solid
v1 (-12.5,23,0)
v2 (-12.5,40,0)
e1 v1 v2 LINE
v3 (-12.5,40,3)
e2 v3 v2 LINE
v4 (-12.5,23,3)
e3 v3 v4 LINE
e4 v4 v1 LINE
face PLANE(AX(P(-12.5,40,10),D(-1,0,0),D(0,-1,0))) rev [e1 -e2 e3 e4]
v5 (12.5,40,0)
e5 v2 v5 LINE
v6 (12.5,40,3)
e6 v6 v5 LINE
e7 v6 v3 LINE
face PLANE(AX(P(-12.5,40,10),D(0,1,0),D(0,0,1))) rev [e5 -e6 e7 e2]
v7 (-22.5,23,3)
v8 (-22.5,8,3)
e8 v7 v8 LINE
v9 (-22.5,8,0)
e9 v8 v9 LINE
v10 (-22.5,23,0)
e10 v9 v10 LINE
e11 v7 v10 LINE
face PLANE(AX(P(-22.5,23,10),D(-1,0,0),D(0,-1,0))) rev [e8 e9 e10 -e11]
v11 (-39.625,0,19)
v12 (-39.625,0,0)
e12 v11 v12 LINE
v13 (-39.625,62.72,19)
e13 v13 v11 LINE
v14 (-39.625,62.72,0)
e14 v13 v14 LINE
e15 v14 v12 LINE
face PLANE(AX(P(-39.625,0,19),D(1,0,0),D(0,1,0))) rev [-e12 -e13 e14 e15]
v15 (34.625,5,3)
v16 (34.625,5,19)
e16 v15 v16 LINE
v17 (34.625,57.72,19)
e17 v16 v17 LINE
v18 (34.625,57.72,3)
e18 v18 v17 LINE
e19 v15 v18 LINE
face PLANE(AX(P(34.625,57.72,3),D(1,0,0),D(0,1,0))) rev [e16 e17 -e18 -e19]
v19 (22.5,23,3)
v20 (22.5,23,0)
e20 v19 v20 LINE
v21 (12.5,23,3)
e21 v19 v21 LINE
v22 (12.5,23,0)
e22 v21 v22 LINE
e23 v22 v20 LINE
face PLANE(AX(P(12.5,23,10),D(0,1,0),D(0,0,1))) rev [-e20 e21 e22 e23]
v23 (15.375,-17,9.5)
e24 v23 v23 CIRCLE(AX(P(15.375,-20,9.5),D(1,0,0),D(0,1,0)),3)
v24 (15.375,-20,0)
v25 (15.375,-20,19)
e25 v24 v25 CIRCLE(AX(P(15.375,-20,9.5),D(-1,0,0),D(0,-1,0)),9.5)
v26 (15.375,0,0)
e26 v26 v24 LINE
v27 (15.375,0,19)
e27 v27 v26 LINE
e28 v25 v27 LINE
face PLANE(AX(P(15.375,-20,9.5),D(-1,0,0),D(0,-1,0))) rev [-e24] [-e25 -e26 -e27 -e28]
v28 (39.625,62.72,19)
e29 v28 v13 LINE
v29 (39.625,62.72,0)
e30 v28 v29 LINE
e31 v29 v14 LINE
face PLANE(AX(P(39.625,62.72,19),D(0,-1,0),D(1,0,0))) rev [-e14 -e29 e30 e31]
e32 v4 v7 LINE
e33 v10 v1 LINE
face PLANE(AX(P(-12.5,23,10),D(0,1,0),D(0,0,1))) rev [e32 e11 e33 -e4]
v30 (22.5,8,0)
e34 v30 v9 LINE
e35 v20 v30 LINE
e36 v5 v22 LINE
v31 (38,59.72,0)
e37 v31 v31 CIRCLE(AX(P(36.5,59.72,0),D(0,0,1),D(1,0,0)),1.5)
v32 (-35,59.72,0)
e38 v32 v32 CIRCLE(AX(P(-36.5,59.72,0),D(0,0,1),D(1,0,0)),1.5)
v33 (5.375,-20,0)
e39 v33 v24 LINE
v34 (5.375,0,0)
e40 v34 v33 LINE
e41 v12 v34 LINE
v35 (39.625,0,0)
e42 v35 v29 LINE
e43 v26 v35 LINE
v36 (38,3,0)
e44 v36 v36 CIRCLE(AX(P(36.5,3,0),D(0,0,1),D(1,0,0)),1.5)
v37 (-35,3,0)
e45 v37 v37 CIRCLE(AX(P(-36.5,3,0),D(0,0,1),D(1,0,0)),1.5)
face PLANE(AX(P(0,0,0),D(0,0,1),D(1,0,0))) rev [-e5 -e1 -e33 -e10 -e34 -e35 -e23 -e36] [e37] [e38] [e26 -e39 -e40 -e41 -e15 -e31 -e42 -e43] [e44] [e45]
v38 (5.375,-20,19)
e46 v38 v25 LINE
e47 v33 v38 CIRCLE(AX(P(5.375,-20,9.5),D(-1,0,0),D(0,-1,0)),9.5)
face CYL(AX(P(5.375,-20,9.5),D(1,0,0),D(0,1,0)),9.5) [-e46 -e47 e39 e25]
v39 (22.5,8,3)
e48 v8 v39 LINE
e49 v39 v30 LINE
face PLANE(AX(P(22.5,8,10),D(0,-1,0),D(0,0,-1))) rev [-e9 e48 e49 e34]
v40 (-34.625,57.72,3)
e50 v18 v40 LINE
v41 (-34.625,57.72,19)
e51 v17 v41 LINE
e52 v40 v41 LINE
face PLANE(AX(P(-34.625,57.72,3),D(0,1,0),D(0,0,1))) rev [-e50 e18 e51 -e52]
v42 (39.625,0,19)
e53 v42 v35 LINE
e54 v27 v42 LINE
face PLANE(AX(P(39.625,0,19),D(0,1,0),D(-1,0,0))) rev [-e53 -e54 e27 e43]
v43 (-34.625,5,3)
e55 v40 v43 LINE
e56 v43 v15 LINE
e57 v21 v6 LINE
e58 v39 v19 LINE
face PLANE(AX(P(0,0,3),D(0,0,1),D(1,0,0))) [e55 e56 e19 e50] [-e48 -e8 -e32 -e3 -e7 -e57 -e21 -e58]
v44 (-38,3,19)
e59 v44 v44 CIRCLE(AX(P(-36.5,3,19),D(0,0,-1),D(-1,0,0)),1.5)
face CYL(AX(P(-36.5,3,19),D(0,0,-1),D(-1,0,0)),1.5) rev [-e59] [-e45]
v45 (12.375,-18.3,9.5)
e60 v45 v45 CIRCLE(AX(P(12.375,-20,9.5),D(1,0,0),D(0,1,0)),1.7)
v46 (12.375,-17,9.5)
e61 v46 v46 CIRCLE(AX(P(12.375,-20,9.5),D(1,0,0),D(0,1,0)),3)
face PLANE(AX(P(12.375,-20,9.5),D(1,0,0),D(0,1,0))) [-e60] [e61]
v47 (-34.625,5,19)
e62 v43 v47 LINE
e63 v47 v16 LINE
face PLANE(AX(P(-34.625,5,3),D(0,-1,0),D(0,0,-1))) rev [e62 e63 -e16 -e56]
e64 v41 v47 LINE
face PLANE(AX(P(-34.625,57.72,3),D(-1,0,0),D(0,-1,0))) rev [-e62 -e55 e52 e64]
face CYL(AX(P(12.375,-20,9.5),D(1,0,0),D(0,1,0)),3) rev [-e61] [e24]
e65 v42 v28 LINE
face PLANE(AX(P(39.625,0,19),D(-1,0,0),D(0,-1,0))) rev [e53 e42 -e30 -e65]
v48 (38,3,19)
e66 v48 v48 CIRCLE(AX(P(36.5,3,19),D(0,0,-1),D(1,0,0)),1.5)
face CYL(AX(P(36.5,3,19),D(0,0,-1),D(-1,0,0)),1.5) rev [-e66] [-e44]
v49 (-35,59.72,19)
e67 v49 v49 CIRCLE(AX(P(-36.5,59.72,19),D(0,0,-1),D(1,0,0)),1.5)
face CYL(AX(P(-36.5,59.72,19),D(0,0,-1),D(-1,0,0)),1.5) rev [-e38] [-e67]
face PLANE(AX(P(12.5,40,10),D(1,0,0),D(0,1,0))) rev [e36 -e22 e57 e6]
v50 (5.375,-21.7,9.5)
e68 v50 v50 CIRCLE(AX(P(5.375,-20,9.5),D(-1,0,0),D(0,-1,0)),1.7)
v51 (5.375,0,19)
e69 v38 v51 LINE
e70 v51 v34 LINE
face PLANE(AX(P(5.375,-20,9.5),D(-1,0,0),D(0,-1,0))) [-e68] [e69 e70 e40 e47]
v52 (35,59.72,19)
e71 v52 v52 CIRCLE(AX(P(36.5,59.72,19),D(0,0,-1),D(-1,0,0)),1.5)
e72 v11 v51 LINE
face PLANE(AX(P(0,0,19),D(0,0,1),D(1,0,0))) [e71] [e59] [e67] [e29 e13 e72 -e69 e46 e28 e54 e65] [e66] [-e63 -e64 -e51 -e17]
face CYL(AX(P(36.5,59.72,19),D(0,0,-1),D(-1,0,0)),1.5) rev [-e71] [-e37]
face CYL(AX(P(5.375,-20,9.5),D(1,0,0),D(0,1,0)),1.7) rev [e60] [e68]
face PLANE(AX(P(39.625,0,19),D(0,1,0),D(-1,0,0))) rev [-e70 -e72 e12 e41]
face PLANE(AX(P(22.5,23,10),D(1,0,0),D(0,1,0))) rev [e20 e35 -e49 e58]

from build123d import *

# Parameters (mm, degrees)
SKETCH_1_W               = 79.25
SKETCH_1_H               = 62.72
EXTRUDE_1_DEPTH          = 19
SKETCH_2_W               = 69.25
SKETCH_2_H               = 52.72
CUT_EXTRUDE_1_DEPTH      = 16
CUT_EXTRUDE_2_DEPTH      = 10
CUT_EXTRUDE_3_DEPTH      = 77.582889897
CUT_EXTRUDE_3_DEPTH_BACK = 77.582889897
SKETCH_4_R               = 1.5
EXTRUDE_START            = -55
SKETCH_5_R               = 1.7
EXTRUDE_2_DEPTH          = 10
SKETCH_6_R               = 3
CUT_EXTRUDE_4_DEPTH      = 3


with BuildPart() as part:
    # 草图1 → 凸台-拉伸1 (new body)
    with BuildSketch(Plane.XY):
        with Locations((0, 31.36)):
            Rectangle(SKETCH_1_W, SKETCH_1_H)
    extrude(amount=EXTRUDE_1_DEPTH)

    # 草图2 → 切除-拉伸1 (cut)
    with BuildSketch(Plane.XY.offset(19)):
        with Locations((0, 31.36)):
            Rectangle(SKETCH_2_W, SKETCH_2_H)
    extrude(amount=-CUT_EXTRUDE_1_DEPTH, mode=Mode.SUBTRACT)

    # 草图3 → 切除-拉伸2 (cut)
    with BuildSketch(Plane(origin=(0, 0, 0), x_dir=(-1, 0, 0), z_dir=(0, 0, -1))):
        Polygon((12.5, 40), (-12.5, 40), (-12.5, 23), (-22.5, 23), (-22.5, 8), (22.5, 8), (22.5, 23), (12.5, 23), align=None)
    extrude(amount=-CUT_EXTRUDE_2_DEPTH, mode=Mode.SUBTRACT)

    # 草图4 → 切除-拉伸3 (cut, two sides: drawn at the far end of the back side and taken through both)
    with BuildSketch(Plane(origin=(0, 0, 0), x_dir=(-1, 0, 0), z_dir=(0, 0, -1)).offset(-CUT_EXTRUDE_3_DEPTH_BACK)):
        with Locations((-36.5, 59.72)):
            Circle(SKETCH_4_R)
        with Locations(Location((36.5, 59.72, 0), (0, 0, 180))):
            Circle(SKETCH_4_R)
        with Locations(Location((-36.5, 3, 0), (0, 0, 180))):
            Circle(SKETCH_4_R)
        with Locations((36.5, 3)):
            Circle(SKETCH_4_R)
    extrude(amount=CUT_EXTRUDE_3_DEPTH + CUT_EXTRUDE_3_DEPTH_BACK, mode=Mode.SUBTRACT)

    # 草图5 → 凸台-拉伸2 (add)
    with BuildSketch(Plane.ZY.offset(39.625).offset(EXTRUDE_START)):
        with BuildLine():
            Line((0, 0), (0, -20))
            ThreePointArc((0, -20), (9.5, -29.5), (19, -20))
            Line((19, -20), (19, 0))
            Line((19, 0), (0, 0))
        make_face()
        with Locations(Location((9.5, -20, 0), (0, 0, 270))):
            Circle(SKETCH_5_R, mode=Mode.SUBTRACT)
    extrude(amount=EXTRUDE_2_DEPTH)

    # 草图6 → 切除-拉伸4 (cut)
    with BuildSketch(Plane(origin=(15.375, 0, 0), x_dir=(0, 0, -1), z_dir=(1, 0, 0))):
        with Locations(Location((-9.5, -20, 0), (0, 0, 90))):
            Circle(SKETCH_6_R)
    extrude(amount=-CUT_EXTRUDE_4_DEPTH, mode=Mode.SUBTRACT)


solid = part.part
